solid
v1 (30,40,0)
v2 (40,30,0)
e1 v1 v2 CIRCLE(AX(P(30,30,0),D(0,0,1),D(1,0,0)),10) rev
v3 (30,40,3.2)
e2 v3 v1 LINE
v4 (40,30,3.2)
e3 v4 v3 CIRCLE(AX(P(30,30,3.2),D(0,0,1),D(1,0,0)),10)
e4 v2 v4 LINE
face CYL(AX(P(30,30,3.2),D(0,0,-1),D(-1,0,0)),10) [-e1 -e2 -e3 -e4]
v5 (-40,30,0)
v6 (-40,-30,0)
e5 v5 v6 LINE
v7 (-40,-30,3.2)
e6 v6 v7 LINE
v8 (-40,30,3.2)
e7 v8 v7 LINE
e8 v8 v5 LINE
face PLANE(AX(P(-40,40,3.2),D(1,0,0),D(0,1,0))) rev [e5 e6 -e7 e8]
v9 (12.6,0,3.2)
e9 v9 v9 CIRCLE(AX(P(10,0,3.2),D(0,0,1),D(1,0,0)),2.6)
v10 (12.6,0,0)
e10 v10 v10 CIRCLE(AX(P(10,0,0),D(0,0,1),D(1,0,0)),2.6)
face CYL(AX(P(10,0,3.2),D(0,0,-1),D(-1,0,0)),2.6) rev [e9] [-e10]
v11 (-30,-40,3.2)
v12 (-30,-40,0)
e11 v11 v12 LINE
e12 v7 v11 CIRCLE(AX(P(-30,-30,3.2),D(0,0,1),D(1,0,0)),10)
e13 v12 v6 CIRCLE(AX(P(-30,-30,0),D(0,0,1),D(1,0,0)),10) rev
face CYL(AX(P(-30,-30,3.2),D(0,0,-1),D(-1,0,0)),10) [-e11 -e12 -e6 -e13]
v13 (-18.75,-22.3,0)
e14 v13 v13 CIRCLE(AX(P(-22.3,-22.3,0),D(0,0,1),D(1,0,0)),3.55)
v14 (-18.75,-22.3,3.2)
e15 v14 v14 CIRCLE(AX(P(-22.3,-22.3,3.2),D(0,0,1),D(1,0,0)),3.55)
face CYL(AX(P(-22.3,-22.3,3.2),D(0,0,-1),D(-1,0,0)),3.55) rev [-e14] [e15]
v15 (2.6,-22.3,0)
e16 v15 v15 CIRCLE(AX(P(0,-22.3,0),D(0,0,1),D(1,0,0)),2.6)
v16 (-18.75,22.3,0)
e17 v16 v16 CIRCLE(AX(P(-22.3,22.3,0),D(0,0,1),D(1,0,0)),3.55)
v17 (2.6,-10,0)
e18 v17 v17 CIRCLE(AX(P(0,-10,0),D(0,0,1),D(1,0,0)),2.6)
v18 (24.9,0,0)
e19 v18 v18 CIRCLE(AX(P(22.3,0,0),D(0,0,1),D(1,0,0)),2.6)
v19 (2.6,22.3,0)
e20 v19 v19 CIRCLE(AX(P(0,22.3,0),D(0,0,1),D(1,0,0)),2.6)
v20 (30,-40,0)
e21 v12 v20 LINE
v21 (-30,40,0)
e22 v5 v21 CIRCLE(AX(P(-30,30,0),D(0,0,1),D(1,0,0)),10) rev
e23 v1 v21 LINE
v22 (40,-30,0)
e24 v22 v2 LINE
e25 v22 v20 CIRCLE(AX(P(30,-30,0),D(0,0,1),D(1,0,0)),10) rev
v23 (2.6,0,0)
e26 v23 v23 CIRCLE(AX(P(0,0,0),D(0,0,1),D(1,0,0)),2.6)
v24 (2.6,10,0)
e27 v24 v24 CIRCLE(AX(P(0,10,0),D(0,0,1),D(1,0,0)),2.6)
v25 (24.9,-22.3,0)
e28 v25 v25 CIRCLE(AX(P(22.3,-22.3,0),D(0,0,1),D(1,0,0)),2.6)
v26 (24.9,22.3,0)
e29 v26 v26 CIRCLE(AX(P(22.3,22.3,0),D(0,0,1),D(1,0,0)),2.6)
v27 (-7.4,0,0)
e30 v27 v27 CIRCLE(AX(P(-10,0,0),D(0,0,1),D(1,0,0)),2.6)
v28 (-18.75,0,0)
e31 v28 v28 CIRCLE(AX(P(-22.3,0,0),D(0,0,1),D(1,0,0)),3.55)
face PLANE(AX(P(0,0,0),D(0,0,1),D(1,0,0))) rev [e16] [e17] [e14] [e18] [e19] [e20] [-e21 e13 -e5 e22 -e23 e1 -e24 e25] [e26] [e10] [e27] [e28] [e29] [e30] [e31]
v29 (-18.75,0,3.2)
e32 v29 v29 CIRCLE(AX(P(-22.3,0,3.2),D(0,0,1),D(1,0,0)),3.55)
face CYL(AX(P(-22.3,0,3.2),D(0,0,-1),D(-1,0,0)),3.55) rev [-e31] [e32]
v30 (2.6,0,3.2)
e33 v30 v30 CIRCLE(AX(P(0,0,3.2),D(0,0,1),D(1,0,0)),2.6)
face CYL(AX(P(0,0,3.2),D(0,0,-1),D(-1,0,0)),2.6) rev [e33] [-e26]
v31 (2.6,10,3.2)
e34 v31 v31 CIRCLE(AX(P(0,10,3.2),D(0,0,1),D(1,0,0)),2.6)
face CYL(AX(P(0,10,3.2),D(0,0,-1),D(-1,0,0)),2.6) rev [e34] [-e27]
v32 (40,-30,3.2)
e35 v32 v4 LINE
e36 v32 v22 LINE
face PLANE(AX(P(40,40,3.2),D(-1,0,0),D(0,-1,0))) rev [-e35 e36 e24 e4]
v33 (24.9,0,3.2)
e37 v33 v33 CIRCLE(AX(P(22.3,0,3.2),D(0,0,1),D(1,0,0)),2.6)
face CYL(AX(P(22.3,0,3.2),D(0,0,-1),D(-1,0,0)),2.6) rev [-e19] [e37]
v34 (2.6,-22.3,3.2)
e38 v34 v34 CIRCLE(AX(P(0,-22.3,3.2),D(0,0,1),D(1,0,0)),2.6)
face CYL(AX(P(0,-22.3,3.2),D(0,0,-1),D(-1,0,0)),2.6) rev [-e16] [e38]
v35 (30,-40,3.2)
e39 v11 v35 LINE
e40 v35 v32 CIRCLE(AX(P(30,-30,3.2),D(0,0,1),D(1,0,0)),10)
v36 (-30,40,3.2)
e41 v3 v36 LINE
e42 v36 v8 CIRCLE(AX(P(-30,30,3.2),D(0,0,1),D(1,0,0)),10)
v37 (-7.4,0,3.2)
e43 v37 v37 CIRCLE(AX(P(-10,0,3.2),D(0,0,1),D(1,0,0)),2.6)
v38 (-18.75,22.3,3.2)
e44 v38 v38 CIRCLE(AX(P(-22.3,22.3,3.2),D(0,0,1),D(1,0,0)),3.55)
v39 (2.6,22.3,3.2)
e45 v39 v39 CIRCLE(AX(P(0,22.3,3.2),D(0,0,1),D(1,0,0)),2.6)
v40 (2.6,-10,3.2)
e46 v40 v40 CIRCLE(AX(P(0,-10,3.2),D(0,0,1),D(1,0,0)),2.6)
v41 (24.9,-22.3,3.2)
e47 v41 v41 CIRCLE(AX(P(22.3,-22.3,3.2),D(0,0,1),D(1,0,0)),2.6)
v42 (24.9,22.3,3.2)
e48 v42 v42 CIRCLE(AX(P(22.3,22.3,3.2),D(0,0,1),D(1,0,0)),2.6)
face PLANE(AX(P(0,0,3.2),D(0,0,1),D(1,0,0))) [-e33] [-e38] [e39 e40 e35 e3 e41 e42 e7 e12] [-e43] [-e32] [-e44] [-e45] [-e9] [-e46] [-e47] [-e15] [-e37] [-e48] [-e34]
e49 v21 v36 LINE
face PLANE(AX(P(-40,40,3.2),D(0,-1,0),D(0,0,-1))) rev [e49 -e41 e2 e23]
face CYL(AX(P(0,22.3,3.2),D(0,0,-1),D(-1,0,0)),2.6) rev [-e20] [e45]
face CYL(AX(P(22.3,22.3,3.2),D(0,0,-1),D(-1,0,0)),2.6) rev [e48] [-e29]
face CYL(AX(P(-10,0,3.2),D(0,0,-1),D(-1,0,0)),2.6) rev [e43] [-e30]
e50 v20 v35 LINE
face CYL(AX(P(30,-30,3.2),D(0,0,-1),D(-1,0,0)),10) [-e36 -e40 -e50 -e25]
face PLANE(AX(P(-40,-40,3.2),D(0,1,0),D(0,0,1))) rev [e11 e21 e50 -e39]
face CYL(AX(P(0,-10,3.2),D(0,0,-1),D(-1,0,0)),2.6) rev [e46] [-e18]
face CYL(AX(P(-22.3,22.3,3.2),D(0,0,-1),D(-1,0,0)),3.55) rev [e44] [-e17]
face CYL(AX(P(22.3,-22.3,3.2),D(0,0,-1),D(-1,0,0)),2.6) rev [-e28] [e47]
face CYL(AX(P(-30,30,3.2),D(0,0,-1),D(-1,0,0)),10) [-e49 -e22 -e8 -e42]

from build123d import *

# Parameters (mm, degrees)
SKETCH1_W           = 80
SKETCH1_H           = 80
SKETCH1_R           = 2.6
SKETCH1_R_2         = 3.55
BOSS_EXTRUDE1_DEPTH = 3.2
FILLET1_R           = 10


with BuildPart() as part:
    # Sketch1 → Boss-Extrude1 (new body)
    with BuildSketch(Plane.XY):
        Rectangle(SKETCH1_W, SKETCH1_H)
        Circle(SKETCH1_R, mode=Mode.SUBTRACT)
        with Locations((0, 10)):
            Circle(SKETCH1_R, mode=Mode.SUBTRACT)
        with Locations((0, 22.3)):
            Circle(SKETCH1_R, mode=Mode.SUBTRACT)
        with Locations((0, -10)):
            Circle(SKETCH1_R, mode=Mode.SUBTRACT)
        with Locations((0, -22.3)):
            Circle(SKETCH1_R, mode=Mode.SUBTRACT)
        with Locations((10, 0)):
            Circle(SKETCH1_R, mode=Mode.SUBTRACT)
        with Locations((-10, 0)):
            Circle(SKETCH1_R, mode=Mode.SUBTRACT)
        with Locations((-22.3, 0)):
            Circle(SKETCH1_R_2, mode=Mode.SUBTRACT)
        with Locations((22.3, 0)):
            Circle(SKETCH1_R, mode=Mode.SUBTRACT)
        with Locations((22.3, 22.3)):
            Circle(SKETCH1_R, mode=Mode.SUBTRACT)
        with Locations((22.3, -22.3)):
            Circle(SKETCH1_R, mode=Mode.SUBTRACT)
        with Locations((-22.3, -22.3)):
            Circle(SKETCH1_R_2, mode=Mode.SUBTRACT)
        with Locations((-22.3, 22.3)):
            Circle(SKETCH1_R_2, mode=Mode.SUBTRACT)
    extrude(amount=BOSS_EXTRUDE1_DEPTH)

    # Fillet1
    fillet1_edges = [part.edges().sort_by_distance(p)[0] for p in [
        (40, -40, 1.6),
        (-40, -40, 1.6),
        (-40, 40, 1.6),
        (40, 40, 1.6),
    ]]
    fillet(fillet1_edges, radius=FILLET1_R)


solid = part.part
